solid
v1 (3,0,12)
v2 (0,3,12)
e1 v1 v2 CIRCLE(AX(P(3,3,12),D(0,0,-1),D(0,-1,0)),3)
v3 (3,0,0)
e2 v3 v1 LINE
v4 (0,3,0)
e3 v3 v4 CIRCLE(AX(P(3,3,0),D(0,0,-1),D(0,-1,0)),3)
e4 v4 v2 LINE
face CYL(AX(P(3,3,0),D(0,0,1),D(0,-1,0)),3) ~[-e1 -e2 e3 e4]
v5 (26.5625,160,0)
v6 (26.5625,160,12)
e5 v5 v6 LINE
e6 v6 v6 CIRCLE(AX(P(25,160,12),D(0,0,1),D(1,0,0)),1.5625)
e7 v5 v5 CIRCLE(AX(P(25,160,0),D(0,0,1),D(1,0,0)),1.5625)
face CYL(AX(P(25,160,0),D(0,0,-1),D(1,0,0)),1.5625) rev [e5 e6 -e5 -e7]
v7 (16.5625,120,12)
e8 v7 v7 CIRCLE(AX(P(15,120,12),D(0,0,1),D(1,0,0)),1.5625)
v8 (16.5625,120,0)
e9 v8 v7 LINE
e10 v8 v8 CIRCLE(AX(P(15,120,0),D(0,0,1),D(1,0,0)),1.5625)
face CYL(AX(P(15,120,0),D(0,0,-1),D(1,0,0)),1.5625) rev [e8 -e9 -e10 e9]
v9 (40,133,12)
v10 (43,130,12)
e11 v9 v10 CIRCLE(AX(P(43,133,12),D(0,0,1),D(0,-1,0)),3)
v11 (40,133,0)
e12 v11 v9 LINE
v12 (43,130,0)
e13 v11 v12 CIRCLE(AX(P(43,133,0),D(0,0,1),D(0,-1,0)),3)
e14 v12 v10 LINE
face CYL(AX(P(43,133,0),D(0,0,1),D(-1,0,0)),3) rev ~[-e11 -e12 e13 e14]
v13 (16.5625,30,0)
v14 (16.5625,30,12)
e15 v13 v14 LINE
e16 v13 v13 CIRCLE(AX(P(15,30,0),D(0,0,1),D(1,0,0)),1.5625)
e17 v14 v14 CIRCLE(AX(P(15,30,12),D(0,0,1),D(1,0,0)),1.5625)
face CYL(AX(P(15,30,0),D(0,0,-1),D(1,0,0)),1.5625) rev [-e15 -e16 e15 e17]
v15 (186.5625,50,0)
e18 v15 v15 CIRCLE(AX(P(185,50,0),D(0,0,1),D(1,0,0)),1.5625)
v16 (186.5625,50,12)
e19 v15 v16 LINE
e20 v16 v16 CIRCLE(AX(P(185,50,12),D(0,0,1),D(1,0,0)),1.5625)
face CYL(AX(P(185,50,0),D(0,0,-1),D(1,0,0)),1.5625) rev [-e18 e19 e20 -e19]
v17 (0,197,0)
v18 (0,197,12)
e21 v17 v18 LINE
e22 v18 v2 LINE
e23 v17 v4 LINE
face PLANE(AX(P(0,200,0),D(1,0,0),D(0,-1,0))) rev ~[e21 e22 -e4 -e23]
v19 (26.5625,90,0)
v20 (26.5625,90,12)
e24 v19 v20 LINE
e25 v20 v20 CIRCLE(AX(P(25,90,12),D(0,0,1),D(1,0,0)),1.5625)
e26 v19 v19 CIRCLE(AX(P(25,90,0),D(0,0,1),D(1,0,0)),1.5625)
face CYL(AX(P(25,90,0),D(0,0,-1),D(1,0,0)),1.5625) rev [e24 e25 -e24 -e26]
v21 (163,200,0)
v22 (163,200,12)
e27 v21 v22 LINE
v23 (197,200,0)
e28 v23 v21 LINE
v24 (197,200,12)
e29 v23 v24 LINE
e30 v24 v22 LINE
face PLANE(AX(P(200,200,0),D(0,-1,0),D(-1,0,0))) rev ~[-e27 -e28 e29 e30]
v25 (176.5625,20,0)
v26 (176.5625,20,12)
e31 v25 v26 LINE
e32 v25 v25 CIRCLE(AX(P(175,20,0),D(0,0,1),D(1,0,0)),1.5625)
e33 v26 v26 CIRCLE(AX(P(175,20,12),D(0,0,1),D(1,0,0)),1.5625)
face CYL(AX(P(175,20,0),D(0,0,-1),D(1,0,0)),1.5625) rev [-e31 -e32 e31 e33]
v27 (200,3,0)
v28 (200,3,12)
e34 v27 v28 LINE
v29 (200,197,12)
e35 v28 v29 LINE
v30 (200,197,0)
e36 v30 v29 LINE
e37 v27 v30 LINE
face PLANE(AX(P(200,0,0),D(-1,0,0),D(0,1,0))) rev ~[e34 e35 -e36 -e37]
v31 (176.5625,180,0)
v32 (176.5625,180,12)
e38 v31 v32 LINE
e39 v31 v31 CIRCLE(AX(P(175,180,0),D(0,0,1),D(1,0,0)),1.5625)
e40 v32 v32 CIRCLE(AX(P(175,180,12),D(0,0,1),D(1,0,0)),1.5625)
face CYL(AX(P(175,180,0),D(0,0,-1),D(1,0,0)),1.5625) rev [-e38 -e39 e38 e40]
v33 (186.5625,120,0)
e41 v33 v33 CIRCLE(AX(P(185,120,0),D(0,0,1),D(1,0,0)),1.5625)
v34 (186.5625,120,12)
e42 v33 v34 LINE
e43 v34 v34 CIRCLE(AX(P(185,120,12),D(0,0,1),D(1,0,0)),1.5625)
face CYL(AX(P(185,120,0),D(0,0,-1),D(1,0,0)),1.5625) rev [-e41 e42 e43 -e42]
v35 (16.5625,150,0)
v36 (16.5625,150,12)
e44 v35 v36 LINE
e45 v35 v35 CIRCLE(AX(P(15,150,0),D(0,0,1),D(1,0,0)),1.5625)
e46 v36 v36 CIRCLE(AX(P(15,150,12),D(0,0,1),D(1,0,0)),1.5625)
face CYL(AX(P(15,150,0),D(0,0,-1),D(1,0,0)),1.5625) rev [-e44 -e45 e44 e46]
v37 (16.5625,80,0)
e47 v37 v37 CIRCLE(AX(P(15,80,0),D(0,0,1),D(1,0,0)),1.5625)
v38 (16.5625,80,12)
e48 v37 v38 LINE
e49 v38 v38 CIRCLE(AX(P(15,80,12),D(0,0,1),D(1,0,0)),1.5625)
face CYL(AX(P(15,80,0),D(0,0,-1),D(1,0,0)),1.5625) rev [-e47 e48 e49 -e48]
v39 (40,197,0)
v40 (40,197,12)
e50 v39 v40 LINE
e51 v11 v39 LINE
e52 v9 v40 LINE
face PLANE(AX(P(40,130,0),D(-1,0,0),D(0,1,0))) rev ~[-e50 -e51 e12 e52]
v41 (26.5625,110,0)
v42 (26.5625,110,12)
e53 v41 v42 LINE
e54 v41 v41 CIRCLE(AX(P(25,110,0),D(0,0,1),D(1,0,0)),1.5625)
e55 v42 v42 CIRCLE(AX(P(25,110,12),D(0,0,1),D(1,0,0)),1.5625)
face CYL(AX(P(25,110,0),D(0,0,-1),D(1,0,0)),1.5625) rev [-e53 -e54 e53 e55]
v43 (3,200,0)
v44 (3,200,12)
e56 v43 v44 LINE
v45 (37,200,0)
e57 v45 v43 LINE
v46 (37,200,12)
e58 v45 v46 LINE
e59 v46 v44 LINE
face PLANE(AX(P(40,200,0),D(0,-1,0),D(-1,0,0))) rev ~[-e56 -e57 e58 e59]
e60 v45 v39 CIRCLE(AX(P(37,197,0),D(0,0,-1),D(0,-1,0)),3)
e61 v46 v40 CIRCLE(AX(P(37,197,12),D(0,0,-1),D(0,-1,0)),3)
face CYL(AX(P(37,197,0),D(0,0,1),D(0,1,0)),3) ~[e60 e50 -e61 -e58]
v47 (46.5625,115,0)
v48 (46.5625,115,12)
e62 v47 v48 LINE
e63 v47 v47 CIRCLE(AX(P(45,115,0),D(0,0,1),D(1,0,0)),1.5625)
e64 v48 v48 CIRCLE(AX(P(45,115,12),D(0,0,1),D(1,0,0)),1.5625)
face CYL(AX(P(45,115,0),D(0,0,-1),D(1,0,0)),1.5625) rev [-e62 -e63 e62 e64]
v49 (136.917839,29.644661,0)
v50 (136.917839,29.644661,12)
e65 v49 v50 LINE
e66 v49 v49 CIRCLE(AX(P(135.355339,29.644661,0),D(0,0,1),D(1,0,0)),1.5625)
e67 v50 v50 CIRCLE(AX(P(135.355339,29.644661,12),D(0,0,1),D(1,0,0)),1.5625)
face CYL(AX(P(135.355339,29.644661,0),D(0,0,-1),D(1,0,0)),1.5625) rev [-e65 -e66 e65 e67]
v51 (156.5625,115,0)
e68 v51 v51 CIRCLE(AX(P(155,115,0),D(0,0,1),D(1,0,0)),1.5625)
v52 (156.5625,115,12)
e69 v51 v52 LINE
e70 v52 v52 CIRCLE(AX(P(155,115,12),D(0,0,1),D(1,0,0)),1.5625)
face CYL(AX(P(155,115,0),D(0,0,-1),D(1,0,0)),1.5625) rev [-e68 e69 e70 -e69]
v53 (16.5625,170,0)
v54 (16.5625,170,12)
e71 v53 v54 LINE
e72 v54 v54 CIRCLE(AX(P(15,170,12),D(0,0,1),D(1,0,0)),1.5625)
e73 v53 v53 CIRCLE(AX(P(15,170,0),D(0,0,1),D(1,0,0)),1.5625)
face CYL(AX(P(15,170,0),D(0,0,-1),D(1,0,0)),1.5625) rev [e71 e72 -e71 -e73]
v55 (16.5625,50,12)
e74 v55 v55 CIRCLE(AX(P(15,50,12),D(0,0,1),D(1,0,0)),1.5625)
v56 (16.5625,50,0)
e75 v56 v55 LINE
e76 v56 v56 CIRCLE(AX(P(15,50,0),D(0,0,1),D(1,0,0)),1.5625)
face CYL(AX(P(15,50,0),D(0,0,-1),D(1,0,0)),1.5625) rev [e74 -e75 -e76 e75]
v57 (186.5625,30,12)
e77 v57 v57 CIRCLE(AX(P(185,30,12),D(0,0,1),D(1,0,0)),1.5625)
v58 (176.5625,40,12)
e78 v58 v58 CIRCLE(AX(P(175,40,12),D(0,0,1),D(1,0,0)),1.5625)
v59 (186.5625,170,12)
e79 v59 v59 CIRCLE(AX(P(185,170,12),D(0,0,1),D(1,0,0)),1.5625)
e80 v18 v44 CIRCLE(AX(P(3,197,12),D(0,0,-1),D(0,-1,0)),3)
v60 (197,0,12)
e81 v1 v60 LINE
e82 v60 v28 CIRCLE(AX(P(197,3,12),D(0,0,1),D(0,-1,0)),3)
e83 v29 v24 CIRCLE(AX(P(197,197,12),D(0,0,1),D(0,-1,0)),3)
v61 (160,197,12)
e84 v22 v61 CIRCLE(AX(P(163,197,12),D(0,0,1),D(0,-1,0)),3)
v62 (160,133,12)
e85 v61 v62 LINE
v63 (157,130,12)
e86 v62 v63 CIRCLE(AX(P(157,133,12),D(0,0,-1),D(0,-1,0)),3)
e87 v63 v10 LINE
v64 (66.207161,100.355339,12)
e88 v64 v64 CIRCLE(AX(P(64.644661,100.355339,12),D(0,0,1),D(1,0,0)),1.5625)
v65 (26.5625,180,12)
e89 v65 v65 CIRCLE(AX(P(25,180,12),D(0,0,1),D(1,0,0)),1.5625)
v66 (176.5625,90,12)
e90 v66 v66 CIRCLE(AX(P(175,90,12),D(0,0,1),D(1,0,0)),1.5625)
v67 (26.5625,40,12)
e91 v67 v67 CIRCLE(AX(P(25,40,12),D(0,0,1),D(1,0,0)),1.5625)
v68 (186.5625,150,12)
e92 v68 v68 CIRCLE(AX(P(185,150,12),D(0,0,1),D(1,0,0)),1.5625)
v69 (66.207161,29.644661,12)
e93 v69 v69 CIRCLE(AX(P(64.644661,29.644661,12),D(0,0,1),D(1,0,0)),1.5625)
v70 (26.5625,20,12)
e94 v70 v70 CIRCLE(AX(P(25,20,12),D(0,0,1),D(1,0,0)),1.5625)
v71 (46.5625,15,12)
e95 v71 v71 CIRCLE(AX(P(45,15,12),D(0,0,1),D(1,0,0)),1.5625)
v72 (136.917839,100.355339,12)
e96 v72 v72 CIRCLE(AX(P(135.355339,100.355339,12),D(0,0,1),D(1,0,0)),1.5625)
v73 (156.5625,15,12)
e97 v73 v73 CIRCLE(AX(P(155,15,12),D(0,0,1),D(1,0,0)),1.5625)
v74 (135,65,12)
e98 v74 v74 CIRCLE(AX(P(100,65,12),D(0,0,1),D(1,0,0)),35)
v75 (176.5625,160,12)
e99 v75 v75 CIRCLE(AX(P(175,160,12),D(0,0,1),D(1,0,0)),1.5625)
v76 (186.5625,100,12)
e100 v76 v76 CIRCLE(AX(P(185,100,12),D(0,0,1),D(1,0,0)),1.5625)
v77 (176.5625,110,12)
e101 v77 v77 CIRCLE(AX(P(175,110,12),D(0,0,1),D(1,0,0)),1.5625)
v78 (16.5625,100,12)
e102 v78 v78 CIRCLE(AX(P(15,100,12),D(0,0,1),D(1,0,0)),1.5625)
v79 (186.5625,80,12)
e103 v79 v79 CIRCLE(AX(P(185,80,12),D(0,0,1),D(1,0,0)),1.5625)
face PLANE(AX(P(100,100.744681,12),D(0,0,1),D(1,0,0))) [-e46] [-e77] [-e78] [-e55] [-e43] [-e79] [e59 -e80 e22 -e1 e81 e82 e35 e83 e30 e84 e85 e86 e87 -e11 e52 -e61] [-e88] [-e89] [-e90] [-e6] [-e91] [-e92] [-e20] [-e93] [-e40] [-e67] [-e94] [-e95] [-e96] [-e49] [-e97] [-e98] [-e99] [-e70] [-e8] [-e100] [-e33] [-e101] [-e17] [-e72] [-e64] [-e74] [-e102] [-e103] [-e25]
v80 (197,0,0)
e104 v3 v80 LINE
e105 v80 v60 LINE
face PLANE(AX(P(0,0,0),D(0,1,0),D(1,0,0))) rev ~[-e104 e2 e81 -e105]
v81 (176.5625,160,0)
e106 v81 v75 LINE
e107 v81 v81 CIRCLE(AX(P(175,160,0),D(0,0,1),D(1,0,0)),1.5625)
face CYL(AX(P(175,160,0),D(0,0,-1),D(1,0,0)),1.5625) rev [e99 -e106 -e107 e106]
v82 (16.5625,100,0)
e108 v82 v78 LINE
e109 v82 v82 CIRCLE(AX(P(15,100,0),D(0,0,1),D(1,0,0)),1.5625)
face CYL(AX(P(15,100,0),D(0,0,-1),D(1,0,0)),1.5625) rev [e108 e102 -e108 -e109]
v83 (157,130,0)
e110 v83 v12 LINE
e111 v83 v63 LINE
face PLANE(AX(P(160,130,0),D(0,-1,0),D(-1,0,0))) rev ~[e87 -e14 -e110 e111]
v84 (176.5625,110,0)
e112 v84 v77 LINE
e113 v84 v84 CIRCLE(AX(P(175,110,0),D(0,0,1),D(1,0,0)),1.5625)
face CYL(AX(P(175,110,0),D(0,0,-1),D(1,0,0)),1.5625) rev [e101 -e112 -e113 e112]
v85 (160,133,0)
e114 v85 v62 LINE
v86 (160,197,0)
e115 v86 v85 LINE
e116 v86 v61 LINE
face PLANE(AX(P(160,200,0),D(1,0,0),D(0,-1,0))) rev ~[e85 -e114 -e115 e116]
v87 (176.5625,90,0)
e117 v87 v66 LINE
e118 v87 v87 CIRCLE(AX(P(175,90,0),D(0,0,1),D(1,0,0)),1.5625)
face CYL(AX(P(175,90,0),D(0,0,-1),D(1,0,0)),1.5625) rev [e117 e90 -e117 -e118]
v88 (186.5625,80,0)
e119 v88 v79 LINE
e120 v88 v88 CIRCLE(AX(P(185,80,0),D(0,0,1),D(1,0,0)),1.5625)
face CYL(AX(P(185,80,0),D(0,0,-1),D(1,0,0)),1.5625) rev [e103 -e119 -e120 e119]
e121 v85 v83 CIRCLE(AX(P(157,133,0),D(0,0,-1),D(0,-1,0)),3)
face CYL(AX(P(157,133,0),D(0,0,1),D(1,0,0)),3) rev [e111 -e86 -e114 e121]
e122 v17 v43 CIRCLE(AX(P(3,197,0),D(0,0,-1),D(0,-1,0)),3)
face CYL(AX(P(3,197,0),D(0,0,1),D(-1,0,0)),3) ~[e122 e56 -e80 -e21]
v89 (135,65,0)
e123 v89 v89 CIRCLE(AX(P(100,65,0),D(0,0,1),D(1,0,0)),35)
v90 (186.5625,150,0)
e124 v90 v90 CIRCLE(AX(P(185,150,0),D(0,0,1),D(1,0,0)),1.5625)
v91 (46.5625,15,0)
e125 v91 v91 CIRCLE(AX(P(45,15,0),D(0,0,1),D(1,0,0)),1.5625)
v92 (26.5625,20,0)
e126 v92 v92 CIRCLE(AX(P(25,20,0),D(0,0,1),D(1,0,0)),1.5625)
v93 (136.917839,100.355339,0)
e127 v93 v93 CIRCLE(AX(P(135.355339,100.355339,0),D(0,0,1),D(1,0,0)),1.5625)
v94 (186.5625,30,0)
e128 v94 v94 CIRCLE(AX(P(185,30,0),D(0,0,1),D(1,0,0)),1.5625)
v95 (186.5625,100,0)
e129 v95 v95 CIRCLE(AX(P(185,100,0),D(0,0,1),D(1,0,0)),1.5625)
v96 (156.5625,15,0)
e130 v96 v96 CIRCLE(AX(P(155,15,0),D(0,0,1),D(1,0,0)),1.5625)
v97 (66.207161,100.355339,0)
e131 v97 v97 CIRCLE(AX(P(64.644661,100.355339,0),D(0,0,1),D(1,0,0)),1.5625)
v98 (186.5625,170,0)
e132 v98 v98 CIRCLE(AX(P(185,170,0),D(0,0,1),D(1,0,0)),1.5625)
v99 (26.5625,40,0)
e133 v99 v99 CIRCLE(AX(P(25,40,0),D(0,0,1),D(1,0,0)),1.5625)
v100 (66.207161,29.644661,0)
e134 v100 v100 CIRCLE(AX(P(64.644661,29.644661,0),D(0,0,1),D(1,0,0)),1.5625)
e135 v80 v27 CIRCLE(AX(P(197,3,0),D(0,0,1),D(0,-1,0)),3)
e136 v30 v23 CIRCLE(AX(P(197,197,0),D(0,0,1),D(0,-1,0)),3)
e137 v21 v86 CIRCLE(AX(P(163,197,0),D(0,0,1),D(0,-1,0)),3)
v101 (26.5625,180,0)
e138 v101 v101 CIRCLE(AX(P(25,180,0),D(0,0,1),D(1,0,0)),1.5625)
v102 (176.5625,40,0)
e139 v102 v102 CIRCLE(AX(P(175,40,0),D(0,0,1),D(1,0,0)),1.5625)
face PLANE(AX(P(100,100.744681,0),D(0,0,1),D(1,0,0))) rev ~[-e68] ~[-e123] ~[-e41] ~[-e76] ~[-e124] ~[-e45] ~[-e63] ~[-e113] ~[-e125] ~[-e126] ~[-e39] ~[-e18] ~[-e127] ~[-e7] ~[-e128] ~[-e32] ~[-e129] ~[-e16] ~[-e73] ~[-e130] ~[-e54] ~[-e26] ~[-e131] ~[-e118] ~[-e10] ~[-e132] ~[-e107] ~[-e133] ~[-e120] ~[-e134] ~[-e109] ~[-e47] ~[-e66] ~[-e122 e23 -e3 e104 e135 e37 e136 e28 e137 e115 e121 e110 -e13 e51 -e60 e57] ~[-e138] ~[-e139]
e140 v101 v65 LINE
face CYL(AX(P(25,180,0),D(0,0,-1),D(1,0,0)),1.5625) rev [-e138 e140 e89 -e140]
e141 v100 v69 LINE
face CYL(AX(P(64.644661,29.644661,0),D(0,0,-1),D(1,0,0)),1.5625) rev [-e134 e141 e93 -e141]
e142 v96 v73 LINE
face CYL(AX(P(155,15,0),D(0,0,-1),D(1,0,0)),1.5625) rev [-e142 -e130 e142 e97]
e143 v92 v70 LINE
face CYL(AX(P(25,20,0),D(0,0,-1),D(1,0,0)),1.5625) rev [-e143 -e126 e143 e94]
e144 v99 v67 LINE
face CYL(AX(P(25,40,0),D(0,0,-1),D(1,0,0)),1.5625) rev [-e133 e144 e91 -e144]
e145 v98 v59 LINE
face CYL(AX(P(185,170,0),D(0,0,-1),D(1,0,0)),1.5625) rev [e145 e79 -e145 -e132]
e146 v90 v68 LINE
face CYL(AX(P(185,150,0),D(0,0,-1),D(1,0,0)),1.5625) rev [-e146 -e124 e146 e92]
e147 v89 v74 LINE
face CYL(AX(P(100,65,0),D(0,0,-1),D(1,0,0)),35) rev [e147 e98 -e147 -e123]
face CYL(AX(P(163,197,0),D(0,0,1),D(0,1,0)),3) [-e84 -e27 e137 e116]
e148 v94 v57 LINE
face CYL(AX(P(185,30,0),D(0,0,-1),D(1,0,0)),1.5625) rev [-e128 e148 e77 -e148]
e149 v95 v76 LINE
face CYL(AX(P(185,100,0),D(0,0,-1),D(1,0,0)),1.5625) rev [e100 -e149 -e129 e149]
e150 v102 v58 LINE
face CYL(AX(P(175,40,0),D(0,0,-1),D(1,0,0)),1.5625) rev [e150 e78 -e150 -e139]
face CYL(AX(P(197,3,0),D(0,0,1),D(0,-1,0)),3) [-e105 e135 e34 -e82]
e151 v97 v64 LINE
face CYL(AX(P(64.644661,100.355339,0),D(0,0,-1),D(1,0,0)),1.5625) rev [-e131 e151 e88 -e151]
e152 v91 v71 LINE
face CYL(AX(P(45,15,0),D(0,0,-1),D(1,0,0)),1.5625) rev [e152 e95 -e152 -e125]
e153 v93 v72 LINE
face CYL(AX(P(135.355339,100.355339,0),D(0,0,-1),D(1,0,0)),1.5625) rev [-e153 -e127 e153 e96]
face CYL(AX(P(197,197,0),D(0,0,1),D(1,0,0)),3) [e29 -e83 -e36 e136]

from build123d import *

# Parameters (mm, degrees)
SKETCH_R    = 35
SKETCH_R_2  = 1.5625
PAD_DEPTH   = 12
FILLET_R    = 3
FILLET001_R = 3


with BuildPart() as part:
    # Sketch → Pad (new body)
    with BuildSketch(Plane.XY):
        Polygon((0, 0), (200, 0), (200, 200), (160, 200), (160, 130), (40, 130), (40, 200), (0, 200), align=None)
        with Locations((100, 65)):
            Circle(SKETCH_R, mode=Mode.SUBTRACT)
        with Locations((45, 115)):
            Circle(SKETCH_R_2, mode=Mode.SUBTRACT)
        with Locations((45, 15)):
            Circle(SKETCH_R_2, mode=Mode.SUBTRACT)
        with Locations((155, 115)):
            Circle(SKETCH_R_2, mode=Mode.SUBTRACT)
        with Locations((155, 15)):
            Circle(SKETCH_R_2, mode=Mode.SUBTRACT)
        with Locations((185, 30)):
            Circle(SKETCH_R_2, mode=Mode.SUBTRACT)
        with Locations((135.355339, 100.355339)):
            Circle(SKETCH_R_2, mode=Mode.SUBTRACT)
        with Locations((64.644661, 29.644661)):
            Circle(SKETCH_R_2, mode=Mode.SUBTRACT)
        with Locations((64.644661, 100.355339)):
            Circle(SKETCH_R_2, mode=Mode.SUBTRACT)
        with Locations((135.355339, 29.644661)):
            Circle(SKETCH_R_2, mode=Mode.SUBTRACT)
        with Locations((175, 20)):
            Circle(SKETCH_R_2, mode=Mode.SUBTRACT)
        with Locations((175, 40)):
            Circle(SKETCH_R_2, mode=Mode.SUBTRACT)
        with Locations((185, 50)):
            Circle(SKETCH_R_2, mode=Mode.SUBTRACT)
        with Locations((175, 90)):
            Circle(SKETCH_R_2, mode=Mode.SUBTRACT)
        with Locations((175, 110)):
            Circle(SKETCH_R_2, mode=Mode.SUBTRACT)
        with Locations((185, 80)):
            Circle(SKETCH_R_2, mode=Mode.SUBTRACT)
        with Locations((185, 100)):
            Circle(SKETCH_R_2, mode=Mode.SUBTRACT)
        with Locations((15, 30)):
            Circle(SKETCH_R_2, mode=Mode.SUBTRACT)
        with Locations((25, 20)):
            Circle(SKETCH_R_2, mode=Mode.SUBTRACT)
        with Locations((25, 40)):
            Circle(SKETCH_R_2, mode=Mode.SUBTRACT)
        with Locations((15, 50)):
            Circle(SKETCH_R_2, mode=Mode.SUBTRACT)
        with Locations((25, 90)):
            Circle(SKETCH_R_2, mode=Mode.SUBTRACT)
        with Locations((25, 110)):
            Circle(SKETCH_R_2, mode=Mode.SUBTRACT)
        with Locations((15, 80)):
            Circle(SKETCH_R_2, mode=Mode.SUBTRACT)
        with Locations((15, 100)):
            Circle(SKETCH_R_2, mode=Mode.SUBTRACT)
        with Locations((25, 180)):
            Circle(SKETCH_R_2, mode=Mode.SUBTRACT)
        with Locations((25, 160)):
            Circle(SKETCH_R_2, mode=Mode.SUBTRACT)
        with Locations((15, 170)):
            Circle(SKETCH_R_2, mode=Mode.SUBTRACT)
        with Locations((175, 180)):
            Circle(SKETCH_R_2, mode=Mode.SUBTRACT)
        with Locations((175, 160)):
            Circle(SKETCH_R_2, mode=Mode.SUBTRACT)
        with Locations((185, 170)):
            Circle(SKETCH_R_2, mode=Mode.SUBTRACT)
        with Locations((15, 120)):
            Circle(SKETCH_R_2, mode=Mode.SUBTRACT)
        with Locations((15, 150)):
            Circle(SKETCH_R_2, mode=Mode.SUBTRACT)
        with Locations((185, 120)):
            Circle(SKETCH_R_2, mode=Mode.SUBTRACT)
        with Locations((185, 150)):
            Circle(SKETCH_R_2, mode=Mode.SUBTRACT)
    extrude(amount=PAD_DEPTH)

    # Fillet
    fillet_edges = [part.edges().sort_by_distance(p)[0] for p in [
        (0, 0, 6),
        (200, 0, 6),
        (0, 200, 6),
        (160, 200, 6),
        (40, 200, 6),
        (200, 200, 6),
    ]]
    fillet(fillet_edges, radius=FILLET_R)

    # Fillet001
    fillet001_edges = [part.edges().sort_by_distance(p)[0] for p in [
        (160, 130, 6),
        (40, 130, 6),
    ]]
    fillet(fillet001_edges, radius=FILLET001_R)


solid = part.part
